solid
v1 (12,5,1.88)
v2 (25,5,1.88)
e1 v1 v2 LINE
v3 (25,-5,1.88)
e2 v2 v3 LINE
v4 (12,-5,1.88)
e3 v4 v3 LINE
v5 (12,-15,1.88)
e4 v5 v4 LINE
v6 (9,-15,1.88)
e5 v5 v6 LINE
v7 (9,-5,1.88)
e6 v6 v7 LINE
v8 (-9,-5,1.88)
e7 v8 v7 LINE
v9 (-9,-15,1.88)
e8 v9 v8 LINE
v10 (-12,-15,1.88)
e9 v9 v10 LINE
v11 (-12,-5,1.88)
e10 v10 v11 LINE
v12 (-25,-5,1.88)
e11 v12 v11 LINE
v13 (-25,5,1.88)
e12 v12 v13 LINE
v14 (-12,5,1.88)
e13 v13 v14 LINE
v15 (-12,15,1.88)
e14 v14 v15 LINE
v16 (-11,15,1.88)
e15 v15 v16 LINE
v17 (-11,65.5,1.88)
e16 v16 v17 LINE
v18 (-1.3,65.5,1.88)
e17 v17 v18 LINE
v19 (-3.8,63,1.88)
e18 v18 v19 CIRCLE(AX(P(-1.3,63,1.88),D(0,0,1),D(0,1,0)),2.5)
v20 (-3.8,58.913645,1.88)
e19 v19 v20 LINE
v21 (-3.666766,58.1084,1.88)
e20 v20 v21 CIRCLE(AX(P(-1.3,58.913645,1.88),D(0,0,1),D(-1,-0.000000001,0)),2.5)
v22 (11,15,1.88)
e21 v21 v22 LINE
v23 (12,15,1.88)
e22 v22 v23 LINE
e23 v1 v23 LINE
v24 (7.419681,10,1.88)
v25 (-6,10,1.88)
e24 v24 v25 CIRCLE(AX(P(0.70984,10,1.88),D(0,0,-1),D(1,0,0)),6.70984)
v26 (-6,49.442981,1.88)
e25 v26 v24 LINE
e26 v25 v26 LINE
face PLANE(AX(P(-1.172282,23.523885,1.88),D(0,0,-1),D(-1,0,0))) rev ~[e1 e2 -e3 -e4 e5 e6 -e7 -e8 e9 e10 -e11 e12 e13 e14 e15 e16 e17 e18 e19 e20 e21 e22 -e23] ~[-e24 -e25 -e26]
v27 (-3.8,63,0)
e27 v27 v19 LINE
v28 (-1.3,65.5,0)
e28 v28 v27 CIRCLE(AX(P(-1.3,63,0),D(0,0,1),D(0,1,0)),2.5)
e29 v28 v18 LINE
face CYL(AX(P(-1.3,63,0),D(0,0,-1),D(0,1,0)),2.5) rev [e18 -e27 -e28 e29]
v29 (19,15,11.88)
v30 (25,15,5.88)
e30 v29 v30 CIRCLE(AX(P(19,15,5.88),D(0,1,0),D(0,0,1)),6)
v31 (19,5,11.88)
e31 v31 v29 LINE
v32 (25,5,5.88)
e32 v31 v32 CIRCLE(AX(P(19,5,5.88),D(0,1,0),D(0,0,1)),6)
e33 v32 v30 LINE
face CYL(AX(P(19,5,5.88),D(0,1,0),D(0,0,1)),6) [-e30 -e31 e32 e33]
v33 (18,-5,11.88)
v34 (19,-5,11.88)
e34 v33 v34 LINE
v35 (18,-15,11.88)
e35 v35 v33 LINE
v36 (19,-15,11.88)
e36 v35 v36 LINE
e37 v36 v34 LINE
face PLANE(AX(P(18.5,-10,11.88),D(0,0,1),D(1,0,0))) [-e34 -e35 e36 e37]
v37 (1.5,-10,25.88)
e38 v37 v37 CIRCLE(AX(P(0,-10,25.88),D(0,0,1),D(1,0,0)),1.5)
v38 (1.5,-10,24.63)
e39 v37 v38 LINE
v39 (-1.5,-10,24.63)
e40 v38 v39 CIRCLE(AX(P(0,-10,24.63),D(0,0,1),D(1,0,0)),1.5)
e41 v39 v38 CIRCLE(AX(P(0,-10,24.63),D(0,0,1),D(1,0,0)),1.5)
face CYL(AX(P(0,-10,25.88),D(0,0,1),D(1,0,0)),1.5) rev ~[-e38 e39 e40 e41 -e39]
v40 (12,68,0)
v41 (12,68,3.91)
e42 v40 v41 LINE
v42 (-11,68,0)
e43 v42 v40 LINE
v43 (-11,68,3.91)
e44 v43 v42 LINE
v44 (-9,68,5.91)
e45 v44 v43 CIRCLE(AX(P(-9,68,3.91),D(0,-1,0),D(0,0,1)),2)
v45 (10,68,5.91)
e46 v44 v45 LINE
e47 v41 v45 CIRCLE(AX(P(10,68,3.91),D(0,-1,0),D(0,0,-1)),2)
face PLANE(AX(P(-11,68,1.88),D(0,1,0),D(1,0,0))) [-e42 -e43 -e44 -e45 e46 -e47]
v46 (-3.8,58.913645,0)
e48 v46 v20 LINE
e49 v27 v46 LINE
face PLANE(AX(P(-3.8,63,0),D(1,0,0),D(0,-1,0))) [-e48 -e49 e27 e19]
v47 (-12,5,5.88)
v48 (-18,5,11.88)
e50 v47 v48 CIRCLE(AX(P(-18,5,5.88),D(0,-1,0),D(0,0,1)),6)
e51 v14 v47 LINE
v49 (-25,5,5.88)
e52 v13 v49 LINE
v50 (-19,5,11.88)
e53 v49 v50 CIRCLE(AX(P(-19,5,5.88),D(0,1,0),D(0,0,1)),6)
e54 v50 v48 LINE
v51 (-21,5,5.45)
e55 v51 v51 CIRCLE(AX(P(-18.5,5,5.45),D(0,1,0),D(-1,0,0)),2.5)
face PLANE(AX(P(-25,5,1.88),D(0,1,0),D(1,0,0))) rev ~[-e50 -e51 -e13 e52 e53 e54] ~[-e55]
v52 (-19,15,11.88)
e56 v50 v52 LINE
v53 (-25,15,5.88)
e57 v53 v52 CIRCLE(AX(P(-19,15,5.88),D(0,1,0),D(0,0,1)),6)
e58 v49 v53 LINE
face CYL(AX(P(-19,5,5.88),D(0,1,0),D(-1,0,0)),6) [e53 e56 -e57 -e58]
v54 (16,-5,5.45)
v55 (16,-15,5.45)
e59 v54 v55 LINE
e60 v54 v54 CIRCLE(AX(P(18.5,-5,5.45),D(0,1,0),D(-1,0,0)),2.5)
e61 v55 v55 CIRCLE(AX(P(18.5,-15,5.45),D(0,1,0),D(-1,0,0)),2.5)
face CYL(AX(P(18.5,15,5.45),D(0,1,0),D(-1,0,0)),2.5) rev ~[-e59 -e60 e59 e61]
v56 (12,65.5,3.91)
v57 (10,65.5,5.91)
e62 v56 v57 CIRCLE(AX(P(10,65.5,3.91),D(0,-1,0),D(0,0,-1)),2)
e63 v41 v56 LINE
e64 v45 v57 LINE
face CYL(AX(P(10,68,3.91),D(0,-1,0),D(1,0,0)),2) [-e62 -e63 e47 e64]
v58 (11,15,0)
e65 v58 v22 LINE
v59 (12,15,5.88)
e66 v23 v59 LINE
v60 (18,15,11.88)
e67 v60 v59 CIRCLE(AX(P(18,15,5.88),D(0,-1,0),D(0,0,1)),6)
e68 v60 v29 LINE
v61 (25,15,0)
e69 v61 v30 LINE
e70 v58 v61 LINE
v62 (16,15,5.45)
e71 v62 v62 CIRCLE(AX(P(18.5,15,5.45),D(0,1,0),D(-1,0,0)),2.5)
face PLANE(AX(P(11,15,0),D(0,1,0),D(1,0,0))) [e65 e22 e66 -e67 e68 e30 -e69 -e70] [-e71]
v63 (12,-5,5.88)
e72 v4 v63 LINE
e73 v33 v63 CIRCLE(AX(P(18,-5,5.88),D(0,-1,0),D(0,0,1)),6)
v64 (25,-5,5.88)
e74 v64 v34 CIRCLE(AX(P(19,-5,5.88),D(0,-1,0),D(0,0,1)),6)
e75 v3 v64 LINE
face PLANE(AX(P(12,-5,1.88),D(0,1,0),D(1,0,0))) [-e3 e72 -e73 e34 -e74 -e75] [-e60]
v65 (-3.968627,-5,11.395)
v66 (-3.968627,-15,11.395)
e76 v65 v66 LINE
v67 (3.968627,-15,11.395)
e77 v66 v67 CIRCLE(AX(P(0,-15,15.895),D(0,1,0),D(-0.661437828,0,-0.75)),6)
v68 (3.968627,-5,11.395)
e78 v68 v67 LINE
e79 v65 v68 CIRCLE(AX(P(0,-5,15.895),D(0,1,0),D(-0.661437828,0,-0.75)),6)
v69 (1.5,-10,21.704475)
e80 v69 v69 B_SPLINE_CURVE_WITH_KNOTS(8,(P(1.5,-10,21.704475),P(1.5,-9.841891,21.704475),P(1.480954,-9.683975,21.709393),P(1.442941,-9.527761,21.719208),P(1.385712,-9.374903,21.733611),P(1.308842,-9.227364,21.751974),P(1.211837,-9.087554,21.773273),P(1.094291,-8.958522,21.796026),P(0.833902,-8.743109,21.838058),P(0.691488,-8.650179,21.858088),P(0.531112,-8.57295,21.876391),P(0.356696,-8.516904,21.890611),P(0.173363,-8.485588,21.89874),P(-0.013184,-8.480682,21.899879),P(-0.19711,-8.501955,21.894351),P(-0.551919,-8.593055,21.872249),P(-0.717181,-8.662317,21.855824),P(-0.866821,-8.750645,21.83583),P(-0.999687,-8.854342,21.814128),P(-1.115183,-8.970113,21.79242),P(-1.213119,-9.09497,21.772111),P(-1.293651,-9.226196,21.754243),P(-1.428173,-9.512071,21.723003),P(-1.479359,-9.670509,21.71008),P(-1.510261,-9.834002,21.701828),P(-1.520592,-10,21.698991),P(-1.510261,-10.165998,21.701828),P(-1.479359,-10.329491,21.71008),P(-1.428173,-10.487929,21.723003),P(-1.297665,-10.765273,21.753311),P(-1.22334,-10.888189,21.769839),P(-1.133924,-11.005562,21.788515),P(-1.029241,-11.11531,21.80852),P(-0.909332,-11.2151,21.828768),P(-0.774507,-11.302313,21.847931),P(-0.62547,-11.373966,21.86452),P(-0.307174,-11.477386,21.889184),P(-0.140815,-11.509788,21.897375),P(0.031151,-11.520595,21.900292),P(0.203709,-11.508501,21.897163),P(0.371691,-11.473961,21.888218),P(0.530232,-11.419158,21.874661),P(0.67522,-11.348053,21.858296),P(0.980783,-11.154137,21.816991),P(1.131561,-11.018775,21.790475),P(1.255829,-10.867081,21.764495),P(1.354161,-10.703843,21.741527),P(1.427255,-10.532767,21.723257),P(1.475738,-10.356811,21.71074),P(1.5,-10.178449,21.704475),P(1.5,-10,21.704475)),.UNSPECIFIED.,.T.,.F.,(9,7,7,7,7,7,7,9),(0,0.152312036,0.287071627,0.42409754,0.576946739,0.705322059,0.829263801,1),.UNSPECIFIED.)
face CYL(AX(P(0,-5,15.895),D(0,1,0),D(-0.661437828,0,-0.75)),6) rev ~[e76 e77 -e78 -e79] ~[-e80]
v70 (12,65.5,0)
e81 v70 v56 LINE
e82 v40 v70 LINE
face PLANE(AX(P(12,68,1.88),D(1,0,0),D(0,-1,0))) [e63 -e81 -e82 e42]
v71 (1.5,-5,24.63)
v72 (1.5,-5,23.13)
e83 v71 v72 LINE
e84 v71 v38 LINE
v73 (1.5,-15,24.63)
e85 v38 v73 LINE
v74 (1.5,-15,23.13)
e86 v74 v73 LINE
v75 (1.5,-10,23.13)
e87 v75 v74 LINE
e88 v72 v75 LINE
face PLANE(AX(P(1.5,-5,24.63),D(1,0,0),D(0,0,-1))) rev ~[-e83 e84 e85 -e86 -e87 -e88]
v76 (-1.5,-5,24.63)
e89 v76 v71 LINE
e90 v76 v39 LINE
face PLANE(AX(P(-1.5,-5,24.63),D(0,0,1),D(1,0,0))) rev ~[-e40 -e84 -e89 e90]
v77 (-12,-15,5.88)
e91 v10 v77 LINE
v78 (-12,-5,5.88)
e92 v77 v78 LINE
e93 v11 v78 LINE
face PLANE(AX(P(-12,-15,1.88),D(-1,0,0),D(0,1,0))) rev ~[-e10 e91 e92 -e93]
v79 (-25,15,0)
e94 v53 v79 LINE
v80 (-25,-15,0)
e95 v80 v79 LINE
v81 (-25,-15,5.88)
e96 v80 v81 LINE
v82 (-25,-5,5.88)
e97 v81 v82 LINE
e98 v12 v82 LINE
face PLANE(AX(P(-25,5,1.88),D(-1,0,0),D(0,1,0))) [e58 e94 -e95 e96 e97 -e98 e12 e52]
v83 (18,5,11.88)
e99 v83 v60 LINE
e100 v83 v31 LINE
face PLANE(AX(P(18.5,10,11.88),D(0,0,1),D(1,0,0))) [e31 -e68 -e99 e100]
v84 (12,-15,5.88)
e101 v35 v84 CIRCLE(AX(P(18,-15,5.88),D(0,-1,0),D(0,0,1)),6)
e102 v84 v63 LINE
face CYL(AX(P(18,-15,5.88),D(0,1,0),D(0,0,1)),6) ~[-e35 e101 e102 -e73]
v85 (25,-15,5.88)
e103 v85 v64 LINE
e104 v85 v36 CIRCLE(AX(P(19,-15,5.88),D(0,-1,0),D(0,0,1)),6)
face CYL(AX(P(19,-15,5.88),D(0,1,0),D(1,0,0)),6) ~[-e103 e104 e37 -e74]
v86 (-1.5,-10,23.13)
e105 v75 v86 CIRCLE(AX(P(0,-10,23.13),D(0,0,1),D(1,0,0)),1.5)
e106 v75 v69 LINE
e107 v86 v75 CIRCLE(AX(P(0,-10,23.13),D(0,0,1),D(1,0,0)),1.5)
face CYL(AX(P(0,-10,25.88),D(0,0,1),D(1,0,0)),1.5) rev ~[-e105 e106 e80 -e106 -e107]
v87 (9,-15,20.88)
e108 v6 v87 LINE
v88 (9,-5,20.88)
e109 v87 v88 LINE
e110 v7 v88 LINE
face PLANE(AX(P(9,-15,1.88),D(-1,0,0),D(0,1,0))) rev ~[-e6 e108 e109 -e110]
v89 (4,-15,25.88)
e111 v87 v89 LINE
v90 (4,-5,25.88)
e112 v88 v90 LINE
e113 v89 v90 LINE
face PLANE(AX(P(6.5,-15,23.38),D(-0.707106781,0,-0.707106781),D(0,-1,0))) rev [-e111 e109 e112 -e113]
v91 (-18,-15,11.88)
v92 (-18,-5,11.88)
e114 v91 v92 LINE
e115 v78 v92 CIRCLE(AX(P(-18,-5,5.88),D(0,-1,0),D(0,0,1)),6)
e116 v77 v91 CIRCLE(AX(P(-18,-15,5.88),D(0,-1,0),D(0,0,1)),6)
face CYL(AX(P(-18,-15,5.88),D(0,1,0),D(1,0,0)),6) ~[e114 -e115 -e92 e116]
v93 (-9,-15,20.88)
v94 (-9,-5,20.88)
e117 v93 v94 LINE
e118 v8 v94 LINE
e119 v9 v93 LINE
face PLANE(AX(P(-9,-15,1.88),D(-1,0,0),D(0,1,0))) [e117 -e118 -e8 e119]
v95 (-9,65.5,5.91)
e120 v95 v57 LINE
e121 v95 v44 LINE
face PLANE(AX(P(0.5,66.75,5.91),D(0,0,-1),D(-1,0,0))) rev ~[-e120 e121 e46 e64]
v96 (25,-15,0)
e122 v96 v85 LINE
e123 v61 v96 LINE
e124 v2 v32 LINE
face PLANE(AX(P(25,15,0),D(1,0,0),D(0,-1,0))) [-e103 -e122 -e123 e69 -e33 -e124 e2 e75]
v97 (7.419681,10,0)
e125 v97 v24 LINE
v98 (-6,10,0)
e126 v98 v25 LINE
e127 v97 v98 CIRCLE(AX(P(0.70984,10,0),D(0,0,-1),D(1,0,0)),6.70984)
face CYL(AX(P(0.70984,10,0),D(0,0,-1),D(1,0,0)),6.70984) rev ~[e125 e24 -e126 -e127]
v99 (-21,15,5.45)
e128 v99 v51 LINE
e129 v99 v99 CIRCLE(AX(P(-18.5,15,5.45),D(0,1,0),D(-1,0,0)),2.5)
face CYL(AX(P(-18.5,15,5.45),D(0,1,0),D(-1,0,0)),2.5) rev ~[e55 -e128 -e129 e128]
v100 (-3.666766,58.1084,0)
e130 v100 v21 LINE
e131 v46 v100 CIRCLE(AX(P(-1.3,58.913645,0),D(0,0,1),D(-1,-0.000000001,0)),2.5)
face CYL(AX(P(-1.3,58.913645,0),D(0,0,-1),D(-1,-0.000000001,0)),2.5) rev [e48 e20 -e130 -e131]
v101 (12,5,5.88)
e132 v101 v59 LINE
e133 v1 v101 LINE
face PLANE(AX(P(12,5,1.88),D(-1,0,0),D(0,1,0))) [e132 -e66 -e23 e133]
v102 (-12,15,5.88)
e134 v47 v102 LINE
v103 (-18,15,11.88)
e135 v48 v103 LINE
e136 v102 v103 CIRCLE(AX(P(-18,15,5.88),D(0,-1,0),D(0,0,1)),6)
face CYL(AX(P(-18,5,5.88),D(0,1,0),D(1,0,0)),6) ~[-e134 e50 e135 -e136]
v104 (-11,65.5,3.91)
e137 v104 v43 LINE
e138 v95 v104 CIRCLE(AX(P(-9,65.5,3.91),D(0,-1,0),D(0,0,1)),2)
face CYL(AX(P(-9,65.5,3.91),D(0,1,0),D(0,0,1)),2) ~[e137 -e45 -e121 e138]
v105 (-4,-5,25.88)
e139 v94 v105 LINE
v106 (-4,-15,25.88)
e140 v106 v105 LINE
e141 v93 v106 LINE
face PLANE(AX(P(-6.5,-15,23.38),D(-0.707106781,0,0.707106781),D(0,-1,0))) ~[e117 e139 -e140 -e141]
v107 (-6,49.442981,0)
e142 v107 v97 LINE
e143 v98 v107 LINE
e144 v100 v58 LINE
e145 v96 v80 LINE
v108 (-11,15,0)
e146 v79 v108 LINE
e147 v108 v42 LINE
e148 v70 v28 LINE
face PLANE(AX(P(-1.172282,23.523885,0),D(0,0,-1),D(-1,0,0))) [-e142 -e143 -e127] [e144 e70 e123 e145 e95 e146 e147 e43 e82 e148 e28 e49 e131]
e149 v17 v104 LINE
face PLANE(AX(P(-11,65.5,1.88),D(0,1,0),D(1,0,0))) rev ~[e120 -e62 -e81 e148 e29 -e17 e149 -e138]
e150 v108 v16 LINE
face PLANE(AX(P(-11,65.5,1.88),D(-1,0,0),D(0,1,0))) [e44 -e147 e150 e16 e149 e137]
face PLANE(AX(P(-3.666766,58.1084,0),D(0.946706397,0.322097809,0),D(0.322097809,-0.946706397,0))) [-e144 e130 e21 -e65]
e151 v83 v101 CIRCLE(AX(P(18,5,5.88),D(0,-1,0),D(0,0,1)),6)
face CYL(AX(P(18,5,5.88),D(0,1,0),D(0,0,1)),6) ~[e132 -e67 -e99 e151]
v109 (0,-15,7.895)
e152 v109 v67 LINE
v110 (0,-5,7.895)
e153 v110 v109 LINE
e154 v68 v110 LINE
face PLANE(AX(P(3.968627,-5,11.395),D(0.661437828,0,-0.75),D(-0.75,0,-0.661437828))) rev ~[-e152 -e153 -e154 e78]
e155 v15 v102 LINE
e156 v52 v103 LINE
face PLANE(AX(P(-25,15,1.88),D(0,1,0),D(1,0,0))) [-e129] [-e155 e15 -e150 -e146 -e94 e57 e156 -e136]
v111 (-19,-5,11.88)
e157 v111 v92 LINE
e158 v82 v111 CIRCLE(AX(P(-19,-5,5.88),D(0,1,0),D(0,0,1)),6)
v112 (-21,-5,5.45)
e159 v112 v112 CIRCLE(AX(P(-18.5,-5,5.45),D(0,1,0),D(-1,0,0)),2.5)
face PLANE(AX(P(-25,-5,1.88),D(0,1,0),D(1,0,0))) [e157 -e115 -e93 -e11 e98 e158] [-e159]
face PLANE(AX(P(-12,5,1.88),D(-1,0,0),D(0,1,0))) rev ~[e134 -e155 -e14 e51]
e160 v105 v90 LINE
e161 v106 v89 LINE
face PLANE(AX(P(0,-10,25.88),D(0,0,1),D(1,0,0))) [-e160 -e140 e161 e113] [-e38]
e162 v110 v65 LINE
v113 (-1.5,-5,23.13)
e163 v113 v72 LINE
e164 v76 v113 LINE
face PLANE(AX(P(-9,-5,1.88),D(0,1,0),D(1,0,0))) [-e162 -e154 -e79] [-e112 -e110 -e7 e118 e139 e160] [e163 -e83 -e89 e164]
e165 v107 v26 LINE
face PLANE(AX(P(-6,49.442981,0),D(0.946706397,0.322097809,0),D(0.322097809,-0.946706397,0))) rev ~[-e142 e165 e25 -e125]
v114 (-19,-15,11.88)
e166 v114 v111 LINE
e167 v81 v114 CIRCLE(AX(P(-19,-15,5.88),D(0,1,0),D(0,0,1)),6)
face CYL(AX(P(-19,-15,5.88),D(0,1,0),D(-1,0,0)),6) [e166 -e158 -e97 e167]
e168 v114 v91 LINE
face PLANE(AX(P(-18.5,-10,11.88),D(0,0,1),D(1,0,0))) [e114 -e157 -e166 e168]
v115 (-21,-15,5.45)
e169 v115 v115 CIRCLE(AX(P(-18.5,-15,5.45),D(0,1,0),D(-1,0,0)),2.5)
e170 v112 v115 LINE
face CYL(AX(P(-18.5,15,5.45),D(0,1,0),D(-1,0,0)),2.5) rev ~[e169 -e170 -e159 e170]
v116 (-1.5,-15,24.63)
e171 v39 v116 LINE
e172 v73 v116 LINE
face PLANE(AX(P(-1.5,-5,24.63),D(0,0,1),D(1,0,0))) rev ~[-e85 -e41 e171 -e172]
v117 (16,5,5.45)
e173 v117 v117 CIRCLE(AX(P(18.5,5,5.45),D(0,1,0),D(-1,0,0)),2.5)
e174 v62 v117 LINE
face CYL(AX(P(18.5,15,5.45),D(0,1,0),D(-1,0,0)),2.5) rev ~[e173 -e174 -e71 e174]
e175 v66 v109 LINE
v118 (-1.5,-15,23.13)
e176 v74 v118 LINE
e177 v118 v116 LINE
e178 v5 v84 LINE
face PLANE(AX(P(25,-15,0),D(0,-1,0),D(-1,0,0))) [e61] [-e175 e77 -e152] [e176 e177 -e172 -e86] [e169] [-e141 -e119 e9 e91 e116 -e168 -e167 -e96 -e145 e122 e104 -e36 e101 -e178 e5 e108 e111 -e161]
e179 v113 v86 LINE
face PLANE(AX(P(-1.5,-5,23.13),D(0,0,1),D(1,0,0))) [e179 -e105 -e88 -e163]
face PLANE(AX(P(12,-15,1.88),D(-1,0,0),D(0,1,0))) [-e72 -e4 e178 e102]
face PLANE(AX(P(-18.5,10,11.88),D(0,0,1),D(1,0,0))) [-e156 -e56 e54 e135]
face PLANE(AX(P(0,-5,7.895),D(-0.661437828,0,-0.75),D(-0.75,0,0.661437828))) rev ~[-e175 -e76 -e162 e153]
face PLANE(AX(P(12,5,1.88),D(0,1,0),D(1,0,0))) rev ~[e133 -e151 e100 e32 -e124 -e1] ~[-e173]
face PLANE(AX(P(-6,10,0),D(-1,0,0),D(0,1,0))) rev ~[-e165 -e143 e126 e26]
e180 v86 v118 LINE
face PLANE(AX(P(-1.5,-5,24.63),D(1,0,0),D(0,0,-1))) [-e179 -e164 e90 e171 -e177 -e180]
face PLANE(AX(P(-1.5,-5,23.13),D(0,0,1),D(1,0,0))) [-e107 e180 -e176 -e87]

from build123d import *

# Parameters (mm, degrees)
SALIENTE_EXTRUIR1_DEPTH = 1.88
SALIENTE_EXTRUIR2_DEPTH = 4.03
REDONDEO1_R             = 2
CROQUIS3_W              = 13
CROQUIS3_H              = 10
SALIENTE_EXTRUIR3_DEPTH = 10
REDONDEO2_R             = 6
CROQUIS4_W              = 18
CROQUIS4_H              = 10
SALIENTE_EXTRUIR4_DEPTH = 24
CHAFL_N1_SIZE           = 5
CORTAR_EXTRUIR1_DEPTH   = 24
CROQUIS6_R              = 1.5
CORTAR_EXTRUIR2_DEPTH   = 14
CROQUIS7_W              = 3
CROQUIS7_H              = 1.5
CORTAR_EXTRUIR3_DEPTH   = 14
CROQUIS8_R              = 2.5
CORTAR_EXTRUIR4_DEPTH   = 65.060708707


with BuildPart() as part:
    # Croquis1 → Saliente-Extruir1 (new body)
    with BuildSketch(Plane.XY):
        with BuildLine():
            Line((-11, 15), (-11, 68))
            Line((-11, 68), (12, 68))
            Line((12, 68), (12, 65.5))
            Line((12, 65.5), (-1.3, 65.5))
            ThreePointArc((-1.3, 65.5), (-3.067766953, 64.767766953), (-3.8, 63))
            Line((-3.8, 63), (-3.8, 58.913644565))
            ThreePointArc((-3.8, 58.913644565), (-3.7664666, 58.505548363), (-3.666765992, 58.108400044))
            Line((-3.666765992, 58.108400044), (11, 15))
            Line((11, 15), (25, 15))
            Line((25, 15), (25, -15))
            Line((25, -15), (-25, -15))
            Line((-25, -15), (-25, 15))
            Line((-25, 15), (-11, 15))
        make_face()
        with BuildLine():
            Line((-6, 10), (-6, 49.44298114))
            Line((-6, 49.44298114), (7.419680939, 10))
            ThreePointArc((7.419680939, 10), (0.70984047, 3.29015953), (-6, 10))
        make_face(mode=Mode.SUBTRACT)
    extrude(amount=SALIENTE_EXTRUIR1_DEPTH)

    # Croquis2 → Saliente-Extruir2 (add)
    with BuildSketch(Plane.XY.offset(1.88)):
        Polygon((-1.3, 65.5), (-11, 65.5), (-11, 68), (12, 68), (12, 65.5), align=None)
    extrude(amount=SALIENTE_EXTRUIR2_DEPTH)

    # Redondeo1
    redondeo1_edges = [part.edges().sort_by_distance(p)[0] for p in [
        (-11, 66.75, 5.91),
        (12, 66.75, 5.91),
    ]]
    fillet(redondeo1_edges, radius=REDONDEO1_R)

    # Croquis3 → Saliente-Extruir3 (add)
    with BuildSketch(Plane.XY.offset(1.88)):
        with Locations((-18.5, 10)):
            Rectangle(CROQUIS3_W, CROQUIS3_H)
        with Locations((-18.5, -10)):
            Rectangle(CROQUIS3_W, CROQUIS3_H)
        with Locations((18.5, -10)):
            Rectangle(CROQUIS3_W, CROQUIS3_H)
        with Locations((18.5, 10)):
            Rectangle(CROQUIS3_W, CROQUIS3_H)
    extrude(amount=SALIENTE_EXTRUIR3_DEPTH)

    # Redondeo2
    redondeo2_edges = [part.edges().sort_by_distance(p)[0] for p in [
        (25, -10, 11.88),
        (12, -10, 11.88),
        (25, 10, 11.88),
        (12, 10, 11.88),
        (-25, 10, 11.88),
        (-12, 10, 11.88),
        (-25, -10, 11.88),
        (-12, -10, 11.88),
    ]]
    fillet(redondeo2_edges, radius=REDONDEO2_R)

    # Croquis4 → Saliente-Extruir4 (add)
    with BuildSketch(Plane.XY.offset(1.88)):
        with Locations((0, -10)):
            Rectangle(CROQUIS4_W, CROQUIS4_H)
    extrude(amount=SALIENTE_EXTRUIR4_DEPTH)

    # Chaflán1
    chafl_n1_edges = [part.edges().sort_by_distance(p)[0] for p in [
        (9, -10, 25.88),
        (-9, -10, 25.88),
    ]]
    chamfer(chafl_n1_edges, length=CHAFL_N1_SIZE)

    # Croquis5 → Cortar-Extruir1 (cut)
    with BuildSketch(Plane(origin=(0, -5, 0), x_dir=(1, 0, 0), z_dir=(0, 1, 0))):
        with BuildLine():
            Line((0, -7.895), (-3.968626967, -11.395))
            ThreePointArc((-3.968626967, -11.395), (0, -21.895), (3.968626967, -11.395))
            Line((3.968626967, -11.395), (0, -7.895))
        make_face()
    extrude(amount=-CORTAR_EXTRUIR1_DEPTH, mode=Mode.SUBTRACT)

    # Croquis6 → Cortar-Extruir2 (cut)
    with BuildSketch(Plane.XY.offset(25.88)):
        with Locations((0, -10)):
            Circle(CROQUIS6_R)
    extrude(amount=-CORTAR_EXTRUIR2_DEPTH, mode=Mode.SUBTRACT)

    # Croquis7 → Cortar-Extruir3 (cut)
    with BuildSketch(Plane(origin=(0, -5, 0), x_dir=(1, 0, 0), z_dir=(0, 1, 0))):
        with Locations((0, -23.88)):
            Rectangle(CROQUIS7_W, CROQUIS7_H)
    extrude(amount=-CORTAR_EXTRUIR3_DEPTH, mode=Mode.SUBTRACT)

    # Croquis8 → Cortar-Extruir4 (cut, through all)
    with BuildSketch(Plane(origin=(0, 15, 0), x_dir=(1, 0, 0), z_dir=(0, 1, 0))):
        with Locations(Location((-18.5, -5.45, 0), (0, 0, 180))):
            Circle(CROQUIS8_R)
        with Locations(Location((18.5, -5.45, 0), (0, 0, 180))):
            Circle(CROQUIS8_R)
    extrude(amount=-CORTAR_EXTRUIR4_DEPTH, mode=Mode.SUBTRACT)


solid = part.part
